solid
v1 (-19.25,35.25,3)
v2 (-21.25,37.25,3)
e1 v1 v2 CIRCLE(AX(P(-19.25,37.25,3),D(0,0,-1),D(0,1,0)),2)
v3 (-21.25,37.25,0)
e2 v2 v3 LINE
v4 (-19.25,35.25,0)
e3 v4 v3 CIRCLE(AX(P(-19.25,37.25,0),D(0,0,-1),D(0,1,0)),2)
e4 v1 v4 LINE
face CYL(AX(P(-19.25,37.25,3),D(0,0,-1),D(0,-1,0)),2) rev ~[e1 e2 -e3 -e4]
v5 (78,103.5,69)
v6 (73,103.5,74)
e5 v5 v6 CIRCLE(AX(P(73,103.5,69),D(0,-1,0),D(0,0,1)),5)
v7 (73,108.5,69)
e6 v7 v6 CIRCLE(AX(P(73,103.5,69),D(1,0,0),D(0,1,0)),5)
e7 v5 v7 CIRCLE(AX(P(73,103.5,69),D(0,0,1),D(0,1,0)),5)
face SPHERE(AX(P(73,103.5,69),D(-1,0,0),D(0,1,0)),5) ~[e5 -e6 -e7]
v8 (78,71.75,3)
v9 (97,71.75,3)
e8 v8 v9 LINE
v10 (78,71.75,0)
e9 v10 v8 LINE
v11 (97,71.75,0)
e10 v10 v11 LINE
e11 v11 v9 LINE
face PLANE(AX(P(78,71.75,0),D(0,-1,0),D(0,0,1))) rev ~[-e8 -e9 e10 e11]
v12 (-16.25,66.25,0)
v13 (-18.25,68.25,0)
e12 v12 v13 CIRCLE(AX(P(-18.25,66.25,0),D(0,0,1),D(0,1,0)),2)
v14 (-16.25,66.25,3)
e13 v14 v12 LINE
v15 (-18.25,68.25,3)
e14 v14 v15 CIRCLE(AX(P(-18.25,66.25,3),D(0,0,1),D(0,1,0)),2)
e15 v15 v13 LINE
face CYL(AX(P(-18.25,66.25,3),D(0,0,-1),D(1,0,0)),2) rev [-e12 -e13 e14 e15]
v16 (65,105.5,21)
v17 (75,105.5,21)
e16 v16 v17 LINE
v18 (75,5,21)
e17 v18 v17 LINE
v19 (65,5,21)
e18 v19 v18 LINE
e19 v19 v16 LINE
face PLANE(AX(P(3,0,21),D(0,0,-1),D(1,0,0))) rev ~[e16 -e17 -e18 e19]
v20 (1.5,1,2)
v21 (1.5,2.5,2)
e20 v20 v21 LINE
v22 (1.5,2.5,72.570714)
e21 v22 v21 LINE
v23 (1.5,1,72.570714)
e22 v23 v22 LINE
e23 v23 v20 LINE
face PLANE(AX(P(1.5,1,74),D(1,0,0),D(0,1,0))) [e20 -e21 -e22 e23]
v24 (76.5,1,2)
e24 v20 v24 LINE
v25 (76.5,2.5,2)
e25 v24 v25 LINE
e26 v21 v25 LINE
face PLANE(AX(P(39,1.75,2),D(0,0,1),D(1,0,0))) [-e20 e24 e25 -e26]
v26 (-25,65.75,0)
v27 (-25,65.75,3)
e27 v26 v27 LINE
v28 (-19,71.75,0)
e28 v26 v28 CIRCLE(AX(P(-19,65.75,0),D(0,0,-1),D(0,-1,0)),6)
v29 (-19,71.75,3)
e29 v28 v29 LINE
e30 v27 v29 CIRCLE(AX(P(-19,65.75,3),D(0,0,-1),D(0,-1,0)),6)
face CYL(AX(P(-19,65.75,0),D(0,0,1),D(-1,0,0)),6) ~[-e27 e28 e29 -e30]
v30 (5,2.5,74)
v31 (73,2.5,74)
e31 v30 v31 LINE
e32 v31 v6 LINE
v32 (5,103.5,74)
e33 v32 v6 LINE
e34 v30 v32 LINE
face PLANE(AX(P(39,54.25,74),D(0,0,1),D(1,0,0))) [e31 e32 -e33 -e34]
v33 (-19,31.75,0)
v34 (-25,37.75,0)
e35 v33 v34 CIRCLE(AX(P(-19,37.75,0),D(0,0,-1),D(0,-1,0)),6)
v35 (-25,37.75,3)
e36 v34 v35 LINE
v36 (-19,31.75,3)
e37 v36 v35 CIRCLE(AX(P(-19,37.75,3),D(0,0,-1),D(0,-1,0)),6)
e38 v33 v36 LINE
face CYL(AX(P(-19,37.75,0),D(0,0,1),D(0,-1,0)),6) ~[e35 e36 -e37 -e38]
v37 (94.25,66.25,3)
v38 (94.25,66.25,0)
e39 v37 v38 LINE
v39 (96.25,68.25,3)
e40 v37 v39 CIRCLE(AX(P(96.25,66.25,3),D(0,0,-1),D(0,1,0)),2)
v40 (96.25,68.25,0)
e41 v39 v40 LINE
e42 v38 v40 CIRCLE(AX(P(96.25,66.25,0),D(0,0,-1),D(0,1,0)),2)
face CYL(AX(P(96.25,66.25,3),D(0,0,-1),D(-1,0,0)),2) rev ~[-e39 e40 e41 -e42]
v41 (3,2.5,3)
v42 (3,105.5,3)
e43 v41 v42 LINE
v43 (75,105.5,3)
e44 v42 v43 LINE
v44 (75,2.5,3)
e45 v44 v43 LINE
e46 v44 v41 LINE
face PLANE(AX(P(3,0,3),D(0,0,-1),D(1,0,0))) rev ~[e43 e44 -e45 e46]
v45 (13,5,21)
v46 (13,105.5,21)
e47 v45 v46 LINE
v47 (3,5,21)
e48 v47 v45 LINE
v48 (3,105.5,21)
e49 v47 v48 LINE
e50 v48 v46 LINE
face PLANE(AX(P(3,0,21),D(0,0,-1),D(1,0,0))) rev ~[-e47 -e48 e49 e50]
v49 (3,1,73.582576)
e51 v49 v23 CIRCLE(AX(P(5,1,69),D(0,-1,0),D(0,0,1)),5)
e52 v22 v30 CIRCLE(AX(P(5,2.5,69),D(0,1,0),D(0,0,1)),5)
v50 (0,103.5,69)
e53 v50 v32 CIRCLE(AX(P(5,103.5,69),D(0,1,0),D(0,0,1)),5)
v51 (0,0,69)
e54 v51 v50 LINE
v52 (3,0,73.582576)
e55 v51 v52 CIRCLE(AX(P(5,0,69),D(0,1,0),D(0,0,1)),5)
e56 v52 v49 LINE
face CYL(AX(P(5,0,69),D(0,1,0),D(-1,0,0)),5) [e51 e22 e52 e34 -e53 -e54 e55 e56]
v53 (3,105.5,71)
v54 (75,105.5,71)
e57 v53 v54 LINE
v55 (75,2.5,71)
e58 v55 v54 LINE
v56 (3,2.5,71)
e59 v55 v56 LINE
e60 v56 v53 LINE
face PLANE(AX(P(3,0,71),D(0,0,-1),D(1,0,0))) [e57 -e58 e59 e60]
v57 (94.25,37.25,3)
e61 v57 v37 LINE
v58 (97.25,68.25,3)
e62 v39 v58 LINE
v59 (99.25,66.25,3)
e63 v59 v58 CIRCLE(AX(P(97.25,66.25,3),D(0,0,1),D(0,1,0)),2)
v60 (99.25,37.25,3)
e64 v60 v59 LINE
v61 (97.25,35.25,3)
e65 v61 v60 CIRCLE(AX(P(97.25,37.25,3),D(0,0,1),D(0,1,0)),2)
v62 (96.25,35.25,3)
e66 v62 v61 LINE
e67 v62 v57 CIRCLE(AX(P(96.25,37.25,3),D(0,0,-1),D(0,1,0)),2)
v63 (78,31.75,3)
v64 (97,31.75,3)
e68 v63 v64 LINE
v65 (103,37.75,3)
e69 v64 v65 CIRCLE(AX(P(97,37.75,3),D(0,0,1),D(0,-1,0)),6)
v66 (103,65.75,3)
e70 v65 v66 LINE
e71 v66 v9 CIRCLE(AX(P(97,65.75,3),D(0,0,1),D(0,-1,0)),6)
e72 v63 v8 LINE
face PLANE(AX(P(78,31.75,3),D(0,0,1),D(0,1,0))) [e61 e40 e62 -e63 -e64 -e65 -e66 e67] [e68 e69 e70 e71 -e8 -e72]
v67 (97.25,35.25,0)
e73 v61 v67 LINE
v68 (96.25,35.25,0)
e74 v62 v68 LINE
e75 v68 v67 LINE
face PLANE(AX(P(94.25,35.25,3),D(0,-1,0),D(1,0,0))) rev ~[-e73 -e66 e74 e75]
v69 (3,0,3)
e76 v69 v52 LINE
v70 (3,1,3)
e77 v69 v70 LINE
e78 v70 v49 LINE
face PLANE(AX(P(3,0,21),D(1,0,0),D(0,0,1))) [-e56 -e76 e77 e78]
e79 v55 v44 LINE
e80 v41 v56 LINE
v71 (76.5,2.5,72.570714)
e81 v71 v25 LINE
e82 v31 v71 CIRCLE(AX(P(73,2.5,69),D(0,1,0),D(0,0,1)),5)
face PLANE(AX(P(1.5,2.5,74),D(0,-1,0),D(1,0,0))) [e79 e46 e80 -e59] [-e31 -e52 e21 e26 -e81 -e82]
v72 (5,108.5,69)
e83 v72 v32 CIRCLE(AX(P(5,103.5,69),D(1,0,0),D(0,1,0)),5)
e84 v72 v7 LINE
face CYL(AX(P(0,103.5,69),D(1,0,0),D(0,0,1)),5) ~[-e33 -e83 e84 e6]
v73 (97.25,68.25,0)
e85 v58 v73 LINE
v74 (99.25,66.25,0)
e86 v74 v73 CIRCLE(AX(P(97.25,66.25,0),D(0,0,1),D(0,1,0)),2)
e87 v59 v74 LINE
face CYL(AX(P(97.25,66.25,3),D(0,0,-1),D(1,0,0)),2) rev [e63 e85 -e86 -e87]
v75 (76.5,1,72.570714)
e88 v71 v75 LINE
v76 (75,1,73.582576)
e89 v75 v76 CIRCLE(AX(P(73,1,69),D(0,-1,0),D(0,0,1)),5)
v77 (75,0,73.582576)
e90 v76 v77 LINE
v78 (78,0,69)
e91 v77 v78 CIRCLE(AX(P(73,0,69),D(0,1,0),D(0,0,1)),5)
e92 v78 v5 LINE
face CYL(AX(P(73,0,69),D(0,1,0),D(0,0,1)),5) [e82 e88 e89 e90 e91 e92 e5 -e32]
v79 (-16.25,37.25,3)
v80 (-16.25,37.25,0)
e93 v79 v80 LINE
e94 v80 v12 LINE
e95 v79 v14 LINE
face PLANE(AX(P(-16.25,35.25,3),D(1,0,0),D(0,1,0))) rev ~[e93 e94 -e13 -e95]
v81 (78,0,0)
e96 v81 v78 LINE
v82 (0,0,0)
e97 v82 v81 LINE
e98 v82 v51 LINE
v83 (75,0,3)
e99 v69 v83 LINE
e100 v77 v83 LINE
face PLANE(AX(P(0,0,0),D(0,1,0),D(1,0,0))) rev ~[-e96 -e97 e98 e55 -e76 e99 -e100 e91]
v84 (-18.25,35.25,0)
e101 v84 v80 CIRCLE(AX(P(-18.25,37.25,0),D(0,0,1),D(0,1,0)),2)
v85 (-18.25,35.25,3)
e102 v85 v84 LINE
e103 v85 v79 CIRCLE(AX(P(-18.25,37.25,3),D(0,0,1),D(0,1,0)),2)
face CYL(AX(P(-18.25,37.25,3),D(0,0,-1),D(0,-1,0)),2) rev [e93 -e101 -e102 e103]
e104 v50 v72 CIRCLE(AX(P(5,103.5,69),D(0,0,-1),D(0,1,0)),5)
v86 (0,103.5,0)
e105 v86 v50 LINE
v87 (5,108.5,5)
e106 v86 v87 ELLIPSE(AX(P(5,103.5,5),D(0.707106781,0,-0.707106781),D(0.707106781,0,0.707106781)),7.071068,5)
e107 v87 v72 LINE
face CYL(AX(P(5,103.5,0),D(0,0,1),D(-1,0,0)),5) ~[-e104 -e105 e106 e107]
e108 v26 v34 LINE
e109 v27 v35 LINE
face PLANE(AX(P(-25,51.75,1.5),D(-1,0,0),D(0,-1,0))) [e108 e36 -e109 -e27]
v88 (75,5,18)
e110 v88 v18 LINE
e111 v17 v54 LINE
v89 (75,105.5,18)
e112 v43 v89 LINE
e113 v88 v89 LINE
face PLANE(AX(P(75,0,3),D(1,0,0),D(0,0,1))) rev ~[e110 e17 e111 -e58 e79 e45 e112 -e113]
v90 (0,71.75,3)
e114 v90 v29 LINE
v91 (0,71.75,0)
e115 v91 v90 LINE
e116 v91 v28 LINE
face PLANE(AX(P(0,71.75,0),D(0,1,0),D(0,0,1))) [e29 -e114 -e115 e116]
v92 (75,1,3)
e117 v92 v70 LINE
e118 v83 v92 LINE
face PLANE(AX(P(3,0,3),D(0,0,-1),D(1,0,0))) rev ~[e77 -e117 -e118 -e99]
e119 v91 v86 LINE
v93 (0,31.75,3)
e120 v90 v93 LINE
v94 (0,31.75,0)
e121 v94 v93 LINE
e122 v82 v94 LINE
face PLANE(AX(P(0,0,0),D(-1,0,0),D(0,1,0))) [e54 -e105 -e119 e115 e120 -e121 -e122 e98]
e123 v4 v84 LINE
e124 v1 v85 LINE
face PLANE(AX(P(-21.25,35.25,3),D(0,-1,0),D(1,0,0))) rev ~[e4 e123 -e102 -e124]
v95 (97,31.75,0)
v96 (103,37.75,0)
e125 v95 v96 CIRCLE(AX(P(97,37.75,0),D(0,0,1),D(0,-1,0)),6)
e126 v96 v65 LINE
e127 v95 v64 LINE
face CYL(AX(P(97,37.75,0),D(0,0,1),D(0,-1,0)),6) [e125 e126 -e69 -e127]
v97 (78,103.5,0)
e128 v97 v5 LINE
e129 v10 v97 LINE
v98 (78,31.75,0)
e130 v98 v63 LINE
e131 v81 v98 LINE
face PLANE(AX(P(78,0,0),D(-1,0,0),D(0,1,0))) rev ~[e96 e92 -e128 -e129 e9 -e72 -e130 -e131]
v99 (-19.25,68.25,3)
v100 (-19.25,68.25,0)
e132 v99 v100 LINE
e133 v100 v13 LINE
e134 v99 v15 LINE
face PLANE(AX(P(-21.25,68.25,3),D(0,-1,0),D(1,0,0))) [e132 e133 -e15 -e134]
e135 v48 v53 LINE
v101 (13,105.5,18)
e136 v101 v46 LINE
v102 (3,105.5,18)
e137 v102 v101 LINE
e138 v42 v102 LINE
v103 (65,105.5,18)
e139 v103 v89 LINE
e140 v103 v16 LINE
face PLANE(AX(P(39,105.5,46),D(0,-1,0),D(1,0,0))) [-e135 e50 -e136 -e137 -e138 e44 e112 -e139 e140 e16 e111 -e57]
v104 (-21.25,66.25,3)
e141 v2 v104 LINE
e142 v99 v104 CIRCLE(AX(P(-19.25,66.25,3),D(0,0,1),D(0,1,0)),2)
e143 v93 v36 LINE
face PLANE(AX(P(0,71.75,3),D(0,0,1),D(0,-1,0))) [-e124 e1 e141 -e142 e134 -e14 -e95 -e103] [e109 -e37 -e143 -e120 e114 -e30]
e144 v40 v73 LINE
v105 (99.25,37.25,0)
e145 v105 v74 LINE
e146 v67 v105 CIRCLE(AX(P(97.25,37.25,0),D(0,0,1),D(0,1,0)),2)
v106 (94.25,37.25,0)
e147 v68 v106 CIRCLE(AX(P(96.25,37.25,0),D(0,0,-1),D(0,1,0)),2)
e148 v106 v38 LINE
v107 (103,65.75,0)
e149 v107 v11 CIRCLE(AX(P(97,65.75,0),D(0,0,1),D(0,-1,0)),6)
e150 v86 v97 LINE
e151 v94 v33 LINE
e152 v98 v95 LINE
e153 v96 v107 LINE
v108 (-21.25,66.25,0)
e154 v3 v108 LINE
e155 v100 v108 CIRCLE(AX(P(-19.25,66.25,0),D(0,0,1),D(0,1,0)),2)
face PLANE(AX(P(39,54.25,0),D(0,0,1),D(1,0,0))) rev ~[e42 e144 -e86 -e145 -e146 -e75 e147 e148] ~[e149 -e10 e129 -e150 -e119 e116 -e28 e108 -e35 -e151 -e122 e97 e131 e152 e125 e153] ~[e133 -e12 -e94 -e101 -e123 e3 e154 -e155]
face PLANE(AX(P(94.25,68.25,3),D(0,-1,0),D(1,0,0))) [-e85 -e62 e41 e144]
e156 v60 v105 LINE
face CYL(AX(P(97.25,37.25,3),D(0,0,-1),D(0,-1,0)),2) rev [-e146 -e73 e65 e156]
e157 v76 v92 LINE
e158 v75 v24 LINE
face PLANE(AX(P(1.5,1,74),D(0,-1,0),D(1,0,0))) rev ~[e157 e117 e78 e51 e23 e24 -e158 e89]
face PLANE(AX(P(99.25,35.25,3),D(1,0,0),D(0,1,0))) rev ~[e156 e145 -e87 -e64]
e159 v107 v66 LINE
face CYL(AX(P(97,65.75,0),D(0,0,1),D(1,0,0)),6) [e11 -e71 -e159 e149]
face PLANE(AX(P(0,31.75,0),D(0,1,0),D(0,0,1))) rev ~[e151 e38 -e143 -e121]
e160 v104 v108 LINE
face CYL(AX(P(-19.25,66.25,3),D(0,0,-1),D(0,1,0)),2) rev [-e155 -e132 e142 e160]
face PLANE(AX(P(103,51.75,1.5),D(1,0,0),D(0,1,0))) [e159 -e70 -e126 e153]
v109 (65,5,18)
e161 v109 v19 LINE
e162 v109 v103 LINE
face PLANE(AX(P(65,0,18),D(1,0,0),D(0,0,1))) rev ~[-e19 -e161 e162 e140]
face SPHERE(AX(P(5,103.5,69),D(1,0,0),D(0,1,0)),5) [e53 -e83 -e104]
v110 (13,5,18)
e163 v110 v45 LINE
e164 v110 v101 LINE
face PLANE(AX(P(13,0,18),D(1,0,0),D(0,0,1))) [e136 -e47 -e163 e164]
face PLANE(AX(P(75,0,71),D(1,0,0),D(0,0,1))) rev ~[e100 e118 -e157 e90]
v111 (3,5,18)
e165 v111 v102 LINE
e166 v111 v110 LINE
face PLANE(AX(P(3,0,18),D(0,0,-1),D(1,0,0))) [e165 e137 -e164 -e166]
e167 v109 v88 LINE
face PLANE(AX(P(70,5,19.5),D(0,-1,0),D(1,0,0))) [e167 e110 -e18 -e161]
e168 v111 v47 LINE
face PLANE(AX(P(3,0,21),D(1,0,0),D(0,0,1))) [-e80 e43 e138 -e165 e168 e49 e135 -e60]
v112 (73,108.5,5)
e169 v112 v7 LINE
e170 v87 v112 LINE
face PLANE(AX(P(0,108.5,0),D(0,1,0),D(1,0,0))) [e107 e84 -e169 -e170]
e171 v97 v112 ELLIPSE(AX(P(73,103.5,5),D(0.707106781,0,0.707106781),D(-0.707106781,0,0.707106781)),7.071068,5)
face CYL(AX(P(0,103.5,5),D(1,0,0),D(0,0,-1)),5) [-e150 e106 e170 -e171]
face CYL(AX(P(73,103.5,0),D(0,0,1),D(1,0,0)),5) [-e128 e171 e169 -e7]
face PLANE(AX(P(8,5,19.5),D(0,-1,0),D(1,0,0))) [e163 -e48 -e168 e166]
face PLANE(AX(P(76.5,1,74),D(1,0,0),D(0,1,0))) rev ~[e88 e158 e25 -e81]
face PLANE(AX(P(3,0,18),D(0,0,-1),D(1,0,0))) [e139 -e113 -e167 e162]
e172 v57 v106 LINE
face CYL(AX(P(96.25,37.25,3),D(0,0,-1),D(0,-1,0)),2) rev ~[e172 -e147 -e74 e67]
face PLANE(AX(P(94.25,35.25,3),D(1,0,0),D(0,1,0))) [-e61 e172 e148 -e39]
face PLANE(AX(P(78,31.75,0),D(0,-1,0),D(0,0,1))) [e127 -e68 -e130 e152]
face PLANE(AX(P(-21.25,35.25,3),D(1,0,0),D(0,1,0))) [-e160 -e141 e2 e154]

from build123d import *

# Parameters (mm, degrees)
BOX_W           = 78
BOX_H           = 108.5
BOX_DEPTH       = 74
SKETCH_W        = 72
SKETCH_H        = 50
POCKET_DEPTH    = 105.5
SKETCH001_W     = 72
SKETCH001_H     = 15
POCKET001_DEPTH = 105.5
SKETCH002_W     = 52
SKETCH002_H     = 3
POCKET002_DEPTH = 105.5
SKETCH008_W     = 75
SKETCH008_H     = 1.5
POCKET005_DEPTH = 72
SKETCH009_W     = 10
SKETCH009_H     = 3
POCKET006_DEPTH = 5
SKETCH010_W     = 10
SKETCH010_H     = 3
POCKET007_DEPTH = 5
SKETCH011_W     = 72
SKETCH011_H     = 3
POCKET008_DEPTH = 2.5
FILLET_R        = 5
SKETCH018_W     = 40
SKETCH018_H     = 3
PAD_DEPTH       = 25
SKETCH019_W     = 40
SKETCH019_H     = 3
PAD001_DEPTH    = 25
SKETCH020_W     = 5
SKETCH020_H     = 33
POCKET010_DEPTH = 3.001
SKETCH021_W     = 5
SKETCH021_H     = 33
POCKET011_DEPTH = 3.001
FILLET002_R     = 2
FILLET003_R     = 6


with BuildPart() as part:
    # Box → Box (new body)
    with BuildSketch(Plane.XY):
        with Locations((39, 54.25)):
            Rectangle(BOX_W, BOX_H)
    extrude(amount=BOX_DEPTH)

    # Sketch (on Face3 of BaseFeature) → Pocket (cut)
    with BuildSketch(Plane.XZ):
        with Locations((39, 46)):
            Rectangle(SKETCH_W, SKETCH_H)
    extrude(amount=-POCKET_DEPTH, mode=Mode.SUBTRACT)

    # Sketch001 (on Face2 of Pocket) → Pocket001 (cut)
    with BuildSketch(Plane.XZ):
        with Locations((39, 10.5)):
            Rectangle(SKETCH001_W, SKETCH001_H)
    extrude(amount=-POCKET001_DEPTH, mode=Mode.SUBTRACT)

    # Sketch002 (on Face2 of Pocket001) → Pocket002 (cut)
    with BuildSketch(Plane.XZ):
        with Locations((39, 19.5)):
            Rectangle(SKETCH002_W, SKETCH002_H)
    extrude(amount=-POCKET002_DEPTH, mode=Mode.SUBTRACT)

    # Sketch008 (on Face3 of Pocket002) → Pocket005 (cut)
    with BuildSketch(Plane.XY.offset(74)):
        with Locations((39, 1.75)):
            Rectangle(SKETCH008_W, SKETCH008_H)
    extrude(amount=-POCKET005_DEPTH, mode=Mode.SUBTRACT)

    # Sketch009 (on Face2 of Pocket005) → Pocket006 (cut)
    with BuildSketch(Plane.XZ):
        with Locations((8, 19.5)):
            Rectangle(SKETCH009_W, SKETCH009_H)
    extrude(amount=-POCKET006_DEPTH, mode=Mode.SUBTRACT)

    # Sketch010 (on Face2 of Pocket006) → Pocket007 (cut)
    with BuildSketch(Plane.XZ):
        with Locations((70, 19.5)):
            Rectangle(SKETCH010_W, SKETCH010_H)
    extrude(amount=-POCKET007_DEPTH, mode=Mode.SUBTRACT)

    # Sketch011 (on Face2 of Pocket007) → Pocket008 (cut)
    with BuildSketch(Plane.XZ):
        with Locations((39, 72.5)):
            Rectangle(SKETCH011_W, SKETCH011_H)
    extrude(amount=-POCKET008_DEPTH, mode=Mode.SUBTRACT)

    # Fillet
    fillet_edges = [part.edges().sort_by_distance(p)[0] for p in [
        (39, 108.5, 74),
        (78, 108.5, 37),
        (39, 108.5, 0),
        (0, 108.5, 37),
        (78, 54.25, 74),
        (0, 54.25, 74),
    ]]
    fillet(fillet_edges, radius=FILLET_R)

    # Sketch018 (on Face6 of Fillet) → Pad (join)
    with BuildSketch(Plane.YZ.offset(78)):
        with Locations((51.75, 1.5)):
            Rectangle(SKETCH018_W, SKETCH018_H)
    extrude(amount=PAD_DEPTH)

    # Sketch019 (on Face1 of Pad) → Pad001 (join)
    with BuildSketch(Plane(origin=(0, 0, 0), x_dir=(0, -1, 0), z_dir=(-1, 0, 0))):
        with Locations((-51.75, 1.5)):
            Rectangle(SKETCH019_W, SKETCH019_H)
    extrude(amount=PAD001_DEPTH)

    # Sketch020 (on Face32 of Pad001) → Pocket010 (cut, through all)
    with BuildSketch(Plane.XY.offset(3)):
        with Locations((96.75, 51.75)):
            Rectangle(SKETCH020_W, SKETCH020_H)
    extrude(amount=-POCKET010_DEPTH, mode=Mode.SUBTRACT)

    # Sketch021 (on Face6 of Pocket010) → Pocket011 (cut, through all)
    with BuildSketch(Plane.XY.offset(3)):
        with Locations((-18.75, 51.75)):
            Rectangle(SKETCH021_W, SKETCH021_H)
    extrude(amount=-POCKET011_DEPTH, mode=Mode.SUBTRACT)

    # Fillet002
    fillet002_edges = [part.edges().sort_by_distance(p)[0] for p in [
        (99.25, 68.25, 1.5),
        (99.25, 35.25, 1.5),
        (94.25, 35.25, 1.5),
        (94.25, 68.25, 1.5),
        (-21.25, 68.25, 1.5),
        (-16.25, 68.25, 1.5),
        (-16.25, 35.25, 1.5),
        (-21.25, 35.25, 1.5),
    ]]
    fillet(fillet002_edges, radius=FILLET002_R)

    # Fillet003
    fillet003_edges = [part.edges().sort_by_distance(p)[0] for p in [
        (103, 71.75, 1.5),
        (103, 31.75, 1.5),
        (-25, 71.75, 1.5),
        (-25, 31.75, 1.5),
    ]]
    fillet(fillet003_edges, radius=FILLET003_R)


solid = part.part
